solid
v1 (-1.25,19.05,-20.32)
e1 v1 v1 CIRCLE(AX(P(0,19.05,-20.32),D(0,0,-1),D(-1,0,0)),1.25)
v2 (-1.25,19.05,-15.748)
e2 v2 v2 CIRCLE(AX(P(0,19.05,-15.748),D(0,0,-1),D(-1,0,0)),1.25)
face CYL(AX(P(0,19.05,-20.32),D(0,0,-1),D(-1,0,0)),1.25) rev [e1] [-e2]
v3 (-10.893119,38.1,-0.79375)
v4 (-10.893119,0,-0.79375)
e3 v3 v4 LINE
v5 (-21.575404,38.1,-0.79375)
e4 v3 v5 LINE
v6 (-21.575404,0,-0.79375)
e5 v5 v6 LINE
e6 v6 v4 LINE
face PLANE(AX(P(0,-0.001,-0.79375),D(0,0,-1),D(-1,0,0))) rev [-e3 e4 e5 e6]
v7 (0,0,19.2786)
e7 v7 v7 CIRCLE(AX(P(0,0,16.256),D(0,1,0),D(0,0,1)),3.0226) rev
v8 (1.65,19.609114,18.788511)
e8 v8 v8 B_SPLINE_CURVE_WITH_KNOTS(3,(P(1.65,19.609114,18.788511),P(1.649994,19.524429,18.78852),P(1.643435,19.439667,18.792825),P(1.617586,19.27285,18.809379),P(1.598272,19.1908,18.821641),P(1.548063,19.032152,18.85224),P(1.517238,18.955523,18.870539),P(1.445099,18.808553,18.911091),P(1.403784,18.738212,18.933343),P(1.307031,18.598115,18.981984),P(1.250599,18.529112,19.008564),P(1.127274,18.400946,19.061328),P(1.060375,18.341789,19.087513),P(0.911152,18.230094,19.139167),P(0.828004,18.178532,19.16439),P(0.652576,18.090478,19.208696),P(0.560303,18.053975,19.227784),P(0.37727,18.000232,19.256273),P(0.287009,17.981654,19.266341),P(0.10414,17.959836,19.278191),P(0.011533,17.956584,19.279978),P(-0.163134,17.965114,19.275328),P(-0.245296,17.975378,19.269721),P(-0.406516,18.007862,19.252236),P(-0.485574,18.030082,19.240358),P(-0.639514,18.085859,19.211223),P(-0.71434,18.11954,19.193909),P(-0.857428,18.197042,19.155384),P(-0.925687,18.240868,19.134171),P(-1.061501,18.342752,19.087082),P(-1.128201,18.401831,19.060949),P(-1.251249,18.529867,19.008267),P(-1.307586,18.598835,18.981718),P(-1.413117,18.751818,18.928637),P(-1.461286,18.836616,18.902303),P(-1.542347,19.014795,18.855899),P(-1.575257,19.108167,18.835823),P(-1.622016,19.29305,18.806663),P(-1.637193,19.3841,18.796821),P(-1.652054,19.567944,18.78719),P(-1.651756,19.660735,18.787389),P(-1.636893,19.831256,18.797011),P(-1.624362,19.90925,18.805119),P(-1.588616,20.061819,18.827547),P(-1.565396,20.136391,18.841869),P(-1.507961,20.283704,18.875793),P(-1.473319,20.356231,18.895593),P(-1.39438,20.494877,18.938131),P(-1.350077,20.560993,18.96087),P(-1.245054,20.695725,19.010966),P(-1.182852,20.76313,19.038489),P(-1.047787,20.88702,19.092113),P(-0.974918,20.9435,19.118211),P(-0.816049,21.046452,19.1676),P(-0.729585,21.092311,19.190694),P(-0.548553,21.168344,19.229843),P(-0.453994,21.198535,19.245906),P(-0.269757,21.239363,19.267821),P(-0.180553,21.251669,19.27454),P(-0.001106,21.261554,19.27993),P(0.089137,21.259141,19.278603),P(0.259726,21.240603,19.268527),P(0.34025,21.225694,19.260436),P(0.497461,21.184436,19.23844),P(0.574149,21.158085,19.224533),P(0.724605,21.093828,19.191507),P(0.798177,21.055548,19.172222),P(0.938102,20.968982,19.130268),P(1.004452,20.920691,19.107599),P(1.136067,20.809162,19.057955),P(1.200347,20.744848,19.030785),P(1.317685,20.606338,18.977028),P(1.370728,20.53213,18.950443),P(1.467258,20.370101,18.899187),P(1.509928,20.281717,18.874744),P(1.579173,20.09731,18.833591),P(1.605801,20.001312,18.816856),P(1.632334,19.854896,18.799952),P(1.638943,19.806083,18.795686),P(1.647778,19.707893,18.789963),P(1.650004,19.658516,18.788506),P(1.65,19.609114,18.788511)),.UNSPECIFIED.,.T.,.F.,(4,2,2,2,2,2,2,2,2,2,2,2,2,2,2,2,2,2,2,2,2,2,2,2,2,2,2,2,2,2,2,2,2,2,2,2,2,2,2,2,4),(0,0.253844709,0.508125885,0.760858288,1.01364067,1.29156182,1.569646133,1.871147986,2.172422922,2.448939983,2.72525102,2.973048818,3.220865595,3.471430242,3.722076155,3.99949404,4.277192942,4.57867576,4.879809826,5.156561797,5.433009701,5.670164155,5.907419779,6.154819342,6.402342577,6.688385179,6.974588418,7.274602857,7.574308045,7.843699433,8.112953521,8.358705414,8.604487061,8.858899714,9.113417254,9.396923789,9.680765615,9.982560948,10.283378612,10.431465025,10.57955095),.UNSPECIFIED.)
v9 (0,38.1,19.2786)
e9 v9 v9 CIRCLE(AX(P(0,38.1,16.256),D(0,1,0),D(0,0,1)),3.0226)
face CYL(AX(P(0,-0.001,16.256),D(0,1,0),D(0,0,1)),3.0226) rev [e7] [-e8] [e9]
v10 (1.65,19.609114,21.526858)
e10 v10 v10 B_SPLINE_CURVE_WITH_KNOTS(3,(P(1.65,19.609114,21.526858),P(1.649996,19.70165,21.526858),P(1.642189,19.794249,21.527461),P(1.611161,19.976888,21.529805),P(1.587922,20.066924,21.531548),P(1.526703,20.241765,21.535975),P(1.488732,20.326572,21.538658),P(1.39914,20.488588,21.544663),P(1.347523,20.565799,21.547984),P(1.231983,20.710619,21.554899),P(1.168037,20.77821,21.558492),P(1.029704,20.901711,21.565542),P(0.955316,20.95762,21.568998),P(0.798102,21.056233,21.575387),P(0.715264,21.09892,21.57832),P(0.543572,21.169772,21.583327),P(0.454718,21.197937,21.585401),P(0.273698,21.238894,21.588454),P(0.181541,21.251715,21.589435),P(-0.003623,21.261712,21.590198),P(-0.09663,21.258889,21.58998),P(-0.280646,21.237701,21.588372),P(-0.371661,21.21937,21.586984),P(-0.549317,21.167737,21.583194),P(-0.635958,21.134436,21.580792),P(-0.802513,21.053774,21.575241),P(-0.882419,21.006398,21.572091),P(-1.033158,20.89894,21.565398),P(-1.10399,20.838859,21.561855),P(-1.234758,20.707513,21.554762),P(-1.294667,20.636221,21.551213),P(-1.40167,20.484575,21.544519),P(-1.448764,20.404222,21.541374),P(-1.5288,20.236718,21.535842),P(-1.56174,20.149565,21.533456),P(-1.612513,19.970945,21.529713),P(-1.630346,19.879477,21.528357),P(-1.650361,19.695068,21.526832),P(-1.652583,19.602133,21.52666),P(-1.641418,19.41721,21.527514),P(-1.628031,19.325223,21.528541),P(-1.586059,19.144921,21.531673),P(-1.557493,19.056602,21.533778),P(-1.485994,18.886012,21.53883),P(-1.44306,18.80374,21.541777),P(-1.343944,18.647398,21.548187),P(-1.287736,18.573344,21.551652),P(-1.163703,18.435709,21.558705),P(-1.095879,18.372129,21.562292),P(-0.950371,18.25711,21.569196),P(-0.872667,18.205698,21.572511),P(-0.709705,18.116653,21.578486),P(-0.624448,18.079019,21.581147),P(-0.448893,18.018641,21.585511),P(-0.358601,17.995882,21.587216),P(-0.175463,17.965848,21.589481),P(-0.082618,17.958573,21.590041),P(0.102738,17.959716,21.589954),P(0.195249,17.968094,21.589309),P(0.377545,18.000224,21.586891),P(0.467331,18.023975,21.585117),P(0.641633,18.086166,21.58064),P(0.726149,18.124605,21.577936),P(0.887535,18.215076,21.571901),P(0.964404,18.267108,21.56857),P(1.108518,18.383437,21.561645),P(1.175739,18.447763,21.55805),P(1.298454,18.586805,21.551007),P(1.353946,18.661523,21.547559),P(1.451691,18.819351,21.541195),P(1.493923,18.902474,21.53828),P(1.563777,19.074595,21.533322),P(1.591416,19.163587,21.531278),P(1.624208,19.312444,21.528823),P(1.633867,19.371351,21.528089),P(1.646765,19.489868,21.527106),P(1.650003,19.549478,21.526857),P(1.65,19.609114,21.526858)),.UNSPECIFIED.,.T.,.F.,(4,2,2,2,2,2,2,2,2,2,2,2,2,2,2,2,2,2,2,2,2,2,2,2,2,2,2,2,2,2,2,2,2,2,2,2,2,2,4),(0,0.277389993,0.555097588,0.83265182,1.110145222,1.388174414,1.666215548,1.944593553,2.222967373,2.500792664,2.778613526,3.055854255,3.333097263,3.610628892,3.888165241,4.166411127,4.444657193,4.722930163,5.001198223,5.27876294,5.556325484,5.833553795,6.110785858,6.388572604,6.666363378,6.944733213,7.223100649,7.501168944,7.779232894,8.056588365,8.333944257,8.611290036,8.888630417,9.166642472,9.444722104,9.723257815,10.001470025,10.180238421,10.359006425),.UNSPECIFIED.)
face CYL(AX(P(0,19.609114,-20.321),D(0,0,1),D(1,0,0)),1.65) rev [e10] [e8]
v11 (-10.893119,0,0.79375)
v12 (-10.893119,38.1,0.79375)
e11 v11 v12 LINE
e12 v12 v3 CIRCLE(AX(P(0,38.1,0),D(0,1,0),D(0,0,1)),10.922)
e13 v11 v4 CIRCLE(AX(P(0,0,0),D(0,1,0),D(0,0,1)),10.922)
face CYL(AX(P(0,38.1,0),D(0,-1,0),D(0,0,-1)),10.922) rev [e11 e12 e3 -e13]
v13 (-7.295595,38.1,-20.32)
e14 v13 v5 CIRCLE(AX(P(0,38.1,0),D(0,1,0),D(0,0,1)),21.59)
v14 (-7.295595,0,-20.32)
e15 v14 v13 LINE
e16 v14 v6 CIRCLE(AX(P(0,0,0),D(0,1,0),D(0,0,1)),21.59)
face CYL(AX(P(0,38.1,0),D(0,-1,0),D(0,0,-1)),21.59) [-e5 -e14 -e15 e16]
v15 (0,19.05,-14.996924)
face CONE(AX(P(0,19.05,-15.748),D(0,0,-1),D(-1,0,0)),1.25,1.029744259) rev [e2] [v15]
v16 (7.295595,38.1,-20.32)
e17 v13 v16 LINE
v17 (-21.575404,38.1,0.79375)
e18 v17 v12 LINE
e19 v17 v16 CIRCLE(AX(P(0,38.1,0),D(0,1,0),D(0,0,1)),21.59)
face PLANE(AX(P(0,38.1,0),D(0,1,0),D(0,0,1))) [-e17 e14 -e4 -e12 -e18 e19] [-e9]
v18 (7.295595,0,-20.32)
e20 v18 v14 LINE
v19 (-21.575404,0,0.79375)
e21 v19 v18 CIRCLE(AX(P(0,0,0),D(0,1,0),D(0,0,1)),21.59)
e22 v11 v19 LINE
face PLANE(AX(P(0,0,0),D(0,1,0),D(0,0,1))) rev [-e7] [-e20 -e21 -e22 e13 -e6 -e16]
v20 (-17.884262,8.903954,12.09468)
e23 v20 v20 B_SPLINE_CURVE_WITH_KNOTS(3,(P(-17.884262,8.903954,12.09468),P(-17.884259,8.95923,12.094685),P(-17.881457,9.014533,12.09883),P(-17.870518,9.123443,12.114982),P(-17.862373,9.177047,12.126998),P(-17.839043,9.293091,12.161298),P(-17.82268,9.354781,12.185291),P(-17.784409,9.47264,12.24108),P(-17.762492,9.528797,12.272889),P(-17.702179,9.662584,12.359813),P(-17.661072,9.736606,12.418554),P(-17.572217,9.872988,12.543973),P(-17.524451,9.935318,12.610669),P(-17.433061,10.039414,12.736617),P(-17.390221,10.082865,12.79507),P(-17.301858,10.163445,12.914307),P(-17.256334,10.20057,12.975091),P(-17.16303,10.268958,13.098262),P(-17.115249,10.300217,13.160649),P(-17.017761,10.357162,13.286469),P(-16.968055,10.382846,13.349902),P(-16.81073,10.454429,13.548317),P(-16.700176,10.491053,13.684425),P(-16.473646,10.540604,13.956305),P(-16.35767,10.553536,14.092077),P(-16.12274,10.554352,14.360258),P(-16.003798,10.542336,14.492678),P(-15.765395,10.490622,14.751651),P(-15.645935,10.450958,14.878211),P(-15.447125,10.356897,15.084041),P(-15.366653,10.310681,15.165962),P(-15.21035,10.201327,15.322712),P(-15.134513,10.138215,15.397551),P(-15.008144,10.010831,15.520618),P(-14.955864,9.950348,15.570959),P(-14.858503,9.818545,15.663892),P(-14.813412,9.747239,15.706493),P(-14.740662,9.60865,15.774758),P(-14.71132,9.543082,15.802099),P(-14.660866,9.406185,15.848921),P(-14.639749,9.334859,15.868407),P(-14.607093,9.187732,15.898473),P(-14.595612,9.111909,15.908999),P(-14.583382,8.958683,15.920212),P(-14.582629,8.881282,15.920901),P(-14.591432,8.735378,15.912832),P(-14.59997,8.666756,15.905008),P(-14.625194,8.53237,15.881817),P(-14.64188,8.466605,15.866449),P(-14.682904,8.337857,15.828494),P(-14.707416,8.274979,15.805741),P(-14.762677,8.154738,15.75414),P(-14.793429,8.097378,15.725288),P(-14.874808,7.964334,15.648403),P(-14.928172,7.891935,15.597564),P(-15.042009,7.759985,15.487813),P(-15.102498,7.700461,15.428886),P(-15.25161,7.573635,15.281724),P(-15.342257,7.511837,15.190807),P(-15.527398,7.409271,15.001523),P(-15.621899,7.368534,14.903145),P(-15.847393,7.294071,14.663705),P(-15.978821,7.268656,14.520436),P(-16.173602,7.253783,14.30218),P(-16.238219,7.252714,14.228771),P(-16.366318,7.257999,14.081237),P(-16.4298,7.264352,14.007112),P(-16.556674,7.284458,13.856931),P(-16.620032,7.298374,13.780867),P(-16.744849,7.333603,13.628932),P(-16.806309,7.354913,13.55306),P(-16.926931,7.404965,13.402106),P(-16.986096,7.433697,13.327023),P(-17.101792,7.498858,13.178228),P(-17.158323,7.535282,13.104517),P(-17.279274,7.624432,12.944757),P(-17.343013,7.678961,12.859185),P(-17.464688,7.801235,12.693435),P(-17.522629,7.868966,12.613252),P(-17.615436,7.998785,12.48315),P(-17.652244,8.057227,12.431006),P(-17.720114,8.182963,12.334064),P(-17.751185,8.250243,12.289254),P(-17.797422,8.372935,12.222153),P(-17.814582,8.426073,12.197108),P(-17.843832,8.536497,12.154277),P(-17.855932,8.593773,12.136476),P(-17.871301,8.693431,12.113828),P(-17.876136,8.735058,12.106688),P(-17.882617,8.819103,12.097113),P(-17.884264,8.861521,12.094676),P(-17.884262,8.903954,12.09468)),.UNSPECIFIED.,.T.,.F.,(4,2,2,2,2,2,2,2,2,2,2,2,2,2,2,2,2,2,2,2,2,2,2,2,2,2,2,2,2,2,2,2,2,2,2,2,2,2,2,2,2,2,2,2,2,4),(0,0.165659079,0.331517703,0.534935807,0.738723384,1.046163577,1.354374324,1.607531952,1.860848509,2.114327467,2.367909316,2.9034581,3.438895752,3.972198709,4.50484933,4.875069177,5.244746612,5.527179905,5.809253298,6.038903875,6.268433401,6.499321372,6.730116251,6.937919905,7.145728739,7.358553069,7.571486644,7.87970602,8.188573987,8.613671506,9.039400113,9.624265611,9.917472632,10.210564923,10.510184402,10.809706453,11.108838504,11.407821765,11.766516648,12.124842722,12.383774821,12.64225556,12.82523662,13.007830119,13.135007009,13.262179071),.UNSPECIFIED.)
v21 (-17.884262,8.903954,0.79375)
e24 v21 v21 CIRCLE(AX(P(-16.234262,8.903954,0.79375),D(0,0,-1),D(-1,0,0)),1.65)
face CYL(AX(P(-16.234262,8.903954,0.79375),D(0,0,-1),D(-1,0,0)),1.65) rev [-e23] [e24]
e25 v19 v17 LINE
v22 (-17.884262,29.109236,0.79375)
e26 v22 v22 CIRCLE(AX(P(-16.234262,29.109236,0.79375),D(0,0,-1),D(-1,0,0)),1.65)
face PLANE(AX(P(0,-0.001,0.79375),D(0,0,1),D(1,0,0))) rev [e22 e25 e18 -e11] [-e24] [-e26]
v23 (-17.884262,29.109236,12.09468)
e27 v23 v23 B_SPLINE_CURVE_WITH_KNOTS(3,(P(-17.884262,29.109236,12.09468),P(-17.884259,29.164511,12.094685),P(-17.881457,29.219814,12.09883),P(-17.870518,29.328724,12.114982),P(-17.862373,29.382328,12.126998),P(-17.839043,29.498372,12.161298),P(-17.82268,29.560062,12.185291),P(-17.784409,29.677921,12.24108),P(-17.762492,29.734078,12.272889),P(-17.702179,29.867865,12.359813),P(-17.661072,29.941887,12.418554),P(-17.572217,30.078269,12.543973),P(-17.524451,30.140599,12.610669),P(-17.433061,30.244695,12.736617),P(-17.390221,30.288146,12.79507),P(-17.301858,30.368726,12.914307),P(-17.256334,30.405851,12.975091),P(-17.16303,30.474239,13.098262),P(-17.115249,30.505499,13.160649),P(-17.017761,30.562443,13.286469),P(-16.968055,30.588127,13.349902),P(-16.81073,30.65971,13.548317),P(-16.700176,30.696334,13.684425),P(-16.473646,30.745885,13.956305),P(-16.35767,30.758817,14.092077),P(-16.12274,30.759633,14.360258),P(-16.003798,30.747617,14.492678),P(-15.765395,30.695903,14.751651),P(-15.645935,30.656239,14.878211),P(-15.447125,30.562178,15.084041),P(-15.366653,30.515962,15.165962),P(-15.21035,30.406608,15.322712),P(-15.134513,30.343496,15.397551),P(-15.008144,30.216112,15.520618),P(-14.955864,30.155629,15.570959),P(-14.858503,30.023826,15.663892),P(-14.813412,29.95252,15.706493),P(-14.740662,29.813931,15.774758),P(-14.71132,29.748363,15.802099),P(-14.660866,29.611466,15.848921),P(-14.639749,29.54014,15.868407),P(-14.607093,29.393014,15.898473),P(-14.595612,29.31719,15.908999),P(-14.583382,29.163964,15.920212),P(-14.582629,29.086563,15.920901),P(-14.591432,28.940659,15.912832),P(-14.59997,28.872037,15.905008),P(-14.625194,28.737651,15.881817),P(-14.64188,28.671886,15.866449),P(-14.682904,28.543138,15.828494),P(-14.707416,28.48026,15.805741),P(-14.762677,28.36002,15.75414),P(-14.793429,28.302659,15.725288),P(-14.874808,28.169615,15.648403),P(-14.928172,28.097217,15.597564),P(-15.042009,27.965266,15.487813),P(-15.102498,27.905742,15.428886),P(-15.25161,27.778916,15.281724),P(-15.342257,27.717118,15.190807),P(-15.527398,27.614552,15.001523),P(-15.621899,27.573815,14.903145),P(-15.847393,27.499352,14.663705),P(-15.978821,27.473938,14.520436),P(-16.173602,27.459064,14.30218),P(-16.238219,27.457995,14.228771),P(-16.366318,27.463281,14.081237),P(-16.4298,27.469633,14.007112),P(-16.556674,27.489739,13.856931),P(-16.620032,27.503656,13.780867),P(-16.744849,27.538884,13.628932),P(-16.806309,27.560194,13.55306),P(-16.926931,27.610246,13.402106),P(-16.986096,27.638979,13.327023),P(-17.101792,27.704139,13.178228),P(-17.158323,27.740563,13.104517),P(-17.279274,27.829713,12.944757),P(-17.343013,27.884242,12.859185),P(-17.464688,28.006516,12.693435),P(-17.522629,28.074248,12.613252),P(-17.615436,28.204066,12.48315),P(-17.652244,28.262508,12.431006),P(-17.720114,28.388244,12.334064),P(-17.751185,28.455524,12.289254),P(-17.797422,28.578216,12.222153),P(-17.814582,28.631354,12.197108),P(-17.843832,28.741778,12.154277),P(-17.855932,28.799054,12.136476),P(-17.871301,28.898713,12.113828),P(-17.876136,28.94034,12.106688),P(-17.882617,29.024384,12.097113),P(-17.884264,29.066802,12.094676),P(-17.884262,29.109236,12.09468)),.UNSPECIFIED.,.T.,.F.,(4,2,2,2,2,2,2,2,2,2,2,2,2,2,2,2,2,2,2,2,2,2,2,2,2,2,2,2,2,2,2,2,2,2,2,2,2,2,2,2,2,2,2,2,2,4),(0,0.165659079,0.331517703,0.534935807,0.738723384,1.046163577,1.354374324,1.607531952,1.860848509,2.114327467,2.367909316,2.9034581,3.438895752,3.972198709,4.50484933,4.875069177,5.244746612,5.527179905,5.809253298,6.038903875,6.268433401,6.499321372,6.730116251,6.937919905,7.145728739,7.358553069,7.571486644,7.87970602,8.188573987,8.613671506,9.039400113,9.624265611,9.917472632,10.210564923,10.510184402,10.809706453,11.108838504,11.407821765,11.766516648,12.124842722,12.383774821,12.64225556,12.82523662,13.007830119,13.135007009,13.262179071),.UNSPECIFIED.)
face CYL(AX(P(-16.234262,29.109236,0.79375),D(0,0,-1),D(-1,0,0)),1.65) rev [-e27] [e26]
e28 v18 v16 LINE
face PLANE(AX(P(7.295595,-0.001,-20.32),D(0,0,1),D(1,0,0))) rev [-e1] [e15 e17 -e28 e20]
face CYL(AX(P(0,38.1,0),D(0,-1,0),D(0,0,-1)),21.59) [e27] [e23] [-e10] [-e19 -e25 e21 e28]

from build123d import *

# Parameters (mm, degrees)
SKETCH2_R                        = 21.59
SKETCH2_R_2                      = 10.922
BOSS_EXTRUDE1_DEPTH              = 38.1
CUT_EXTRUDE1_REACH               = 50.825
SKETCH3_W                        = 21.59
SKETCH3_H                        = 1.5875
CUT_EXTRUDE2_REACH               = 50.825
SKETCH4_R                        = 3.0226
CUT_EXTRUDE3_REACH               = 50.825
TAP_DRILL_FOR_M3X0_5_TAP1_D      = 2.5
TAP_DRILL_FOR_M3X0_5_TAP1_DEPTH  = 4.572
TAP_DRILL_FOR_M3X0_5_TAP1_TIP    = 0.751075774
CUT_EXTRUDE4_REACH               = 62.615
CUT_EXTRUDE4_END_RADIUS          = 3.0226
SKETCH8_R                        = 1.650000002
TAP_DRILL_FOR_M4X0_7_TAP1_REACH  = 54.19
TAP_DRILL_FOR_M4X0_7_TAP1_BORE_R = 1.65


with BuildPart() as part:
    # Sketch2 → Boss-Extrude1 (new body)
    with BuildSketch(Plane(origin=(0, 0, 0), x_dir=(1, 0, 0), z_dir=(0, 1, 0))):
        with Locations(Location((0, 0, 0), (0, 0, 90))):
            Circle(SKETCH2_R)
        with Locations(Location((0, 0, 0), (0, 0, 90))):
            Circle(SKETCH2_R_2, mode=Mode.SUBTRACT)
    extrude(amount=BOSS_EXTRUDE1_DEPTH)

    # Sketch3 → Cut-Extrude1 (cut, up to next)
    with BuildSketch(Plane(origin=(0, 38.1, 0), x_dir=(1, 0, 0), z_dir=(0, 1, 0)), mode=Mode.PRIVATE) as cut_extrude1_sk1:
        with Locations((-10.795, 0)):
            Rectangle(SKETCH3_W, SKETCH3_H)
    cut_extrude1_tool1 = extrude(cut_extrude1_sk1.sketch, amount=-CUT_EXTRUDE1_REACH, mode=Mode.PRIVATE) & part.part
    add(cut_extrude1_tool1.solids().sort_by_distance((-10.795, 38.1, 0))[0], mode=Mode.SUBTRACT)

    # Sketch4 → Cut-Extrude2 (cut, up to next)
    with BuildSketch(Plane(origin=(0, 38.1, 0), x_dir=(1, 0, 0), z_dir=(0, 1, 0)), mode=Mode.PRIVATE) as cut_extrude2_sk1:
        with Locations(Location((0, -16.256, 0), (0, 0, 270))):
            Circle(SKETCH4_R)
    cut_extrude2_tool1 = extrude(cut_extrude2_sk1.sketch, amount=-CUT_EXTRUDE2_REACH, mode=Mode.PRIVATE) & part.part
    add(cut_extrude2_tool1.solids().sort_by_distance((0, 38.1, 16.256))[0], mode=Mode.SUBTRACT)

    # Sketch5 → Cut-Extrude3 (cut, up to next)
    with BuildSketch(Plane(origin=(0, 38.1, 0), x_dir=(1, 0, 0), z_dir=(0, 1, 0)), mode=Mode.PRIVATE) as cut_extrude3_sk1:
        with BuildLine():
            Line((7.295594561, 20.32), (-7.295594561, 20.32))
            ThreePointArc((-7.295594561, 20.32), (0, 21.59), (7.295594561, 20.32))
        make_face()
    cut_extrude3_tool1 = extrude(cut_extrude3_sk1.sketch, amount=-CUT_EXTRUDE3_REACH, mode=Mode.PRIVATE) & part.part
    add(cut_extrude3_tool1.solids().sort_by_distance((0, 38.1, -20.829303))[0], mode=Mode.SUBTRACT)

    # Tap Drill for M3x0.5 Tap1
    with Locations(Plane(origin=(0, 19.05, -20.32), x_dir=(-1, 0, 0), z_dir=(0, 0, -1))):
        with Locations((0, 0)):
            Hole(TAP_DRILL_FOR_M3X0_5_TAP1_D / 2, depth=TAP_DRILL_FOR_M3X0_5_TAP1_DEPTH)
            with Locations((0, 0, -(TAP_DRILL_FOR_M3X0_5_TAP1_DEPTH + TAP_DRILL_FOR_M3X0_5_TAP1_TIP / 2))):  # 118° drill point
                Cone(0, TAP_DRILL_FOR_M3X0_5_TAP1_D / 2, TAP_DRILL_FOR_M3X0_5_TAP1_TIP, mode=Mode.SUBTRACT)

    # Cut-Extrude4: up to this cylinder (the profile starts outside it)
    cut_extrude4_end = Plane(origin=(0, 19.609114, 16.256), z_dir=(0, 1, 0)) * Cylinder(CUT_EXTRUDE4_END_RADIUS, 132.2752, mode=Mode.PRIVATE)
    # Sketch8 → Cut-Extrude4 (cut, up to the surface)
    with BuildSketch(Plane.XY.offset(21.59), mode=Mode.PRIVATE) as cut_extrude4_sk1:
        with Locations((0, 19.609113622)):
            Circle(SKETCH8_R)
    cut_extrude4_tool1 = extrude(cut_extrude4_sk1.sketch, amount=-CUT_EXTRUDE4_REACH, mode=Mode.PRIVATE) - cut_extrude4_end
    add(cut_extrude4_tool1.solids().sort_by_distance((0, 19.609114, 21.59))[0], mode=Mode.SUBTRACT)

    # Tap Drill for M4x0.7 Tap1 bore (on position points) → Tap Drill for M4x0.7 Tap1 (cut, up to next)
    with BuildSketch(Plane(origin=(-16.234261615, 29.109235595, 0.79375), x_dir=(-1, 0, 0), z_dir=(0, 0, -1)), mode=Mode.PRIVATE) as tap_drill_for_m4x0_7_tap1_sk1:
        Circle(TAP_DRILL_FOR_M4X0_7_TAP1_BORE_R)
    tap_drill_for_m4x0_7_tap1_tool1 = extrude(tap_drill_for_m4x0_7_tap1_sk1.sketch, amount=-TAP_DRILL_FOR_M4X0_7_TAP1_REACH, mode=Mode.PRIVATE) & part.part
    # Tap Drill for M4x0.7 Tap1 bore (on position points) → Tap Drill for M4x0.7 Tap1 (cut, up to next)
    with BuildSketch(Plane(origin=(-16.234261615, 29.109235595, 0.79375), x_dir=(-1, 0, 0), z_dir=(0, 0, -1)), mode=Mode.PRIVATE) as tap_drill_for_m4x0_7_tap1_sk2:
        with Locations((0, -20.205281104)):
            Circle(TAP_DRILL_FOR_M4X0_7_TAP1_BORE_R)
    tap_drill_for_m4x0_7_tap1_tool2 = extrude(tap_drill_for_m4x0_7_tap1_sk2.sketch, amount=-TAP_DRILL_FOR_M4X0_7_TAP1_REACH, mode=Mode.PRIVATE) & part.part
    add(tap_drill_for_m4x0_7_tap1_tool1.solids().sort_by_distance((-16.234262, 29.109236, 0.79375))[0], mode=Mode.SUBTRACT)
    add(tap_drill_for_m4x0_7_tap1_tool2.solids().sort_by_distance((-16.234262, 8.903954, 0.79375))[0], mode=Mode.SUBTRACT)


solid = part.part
